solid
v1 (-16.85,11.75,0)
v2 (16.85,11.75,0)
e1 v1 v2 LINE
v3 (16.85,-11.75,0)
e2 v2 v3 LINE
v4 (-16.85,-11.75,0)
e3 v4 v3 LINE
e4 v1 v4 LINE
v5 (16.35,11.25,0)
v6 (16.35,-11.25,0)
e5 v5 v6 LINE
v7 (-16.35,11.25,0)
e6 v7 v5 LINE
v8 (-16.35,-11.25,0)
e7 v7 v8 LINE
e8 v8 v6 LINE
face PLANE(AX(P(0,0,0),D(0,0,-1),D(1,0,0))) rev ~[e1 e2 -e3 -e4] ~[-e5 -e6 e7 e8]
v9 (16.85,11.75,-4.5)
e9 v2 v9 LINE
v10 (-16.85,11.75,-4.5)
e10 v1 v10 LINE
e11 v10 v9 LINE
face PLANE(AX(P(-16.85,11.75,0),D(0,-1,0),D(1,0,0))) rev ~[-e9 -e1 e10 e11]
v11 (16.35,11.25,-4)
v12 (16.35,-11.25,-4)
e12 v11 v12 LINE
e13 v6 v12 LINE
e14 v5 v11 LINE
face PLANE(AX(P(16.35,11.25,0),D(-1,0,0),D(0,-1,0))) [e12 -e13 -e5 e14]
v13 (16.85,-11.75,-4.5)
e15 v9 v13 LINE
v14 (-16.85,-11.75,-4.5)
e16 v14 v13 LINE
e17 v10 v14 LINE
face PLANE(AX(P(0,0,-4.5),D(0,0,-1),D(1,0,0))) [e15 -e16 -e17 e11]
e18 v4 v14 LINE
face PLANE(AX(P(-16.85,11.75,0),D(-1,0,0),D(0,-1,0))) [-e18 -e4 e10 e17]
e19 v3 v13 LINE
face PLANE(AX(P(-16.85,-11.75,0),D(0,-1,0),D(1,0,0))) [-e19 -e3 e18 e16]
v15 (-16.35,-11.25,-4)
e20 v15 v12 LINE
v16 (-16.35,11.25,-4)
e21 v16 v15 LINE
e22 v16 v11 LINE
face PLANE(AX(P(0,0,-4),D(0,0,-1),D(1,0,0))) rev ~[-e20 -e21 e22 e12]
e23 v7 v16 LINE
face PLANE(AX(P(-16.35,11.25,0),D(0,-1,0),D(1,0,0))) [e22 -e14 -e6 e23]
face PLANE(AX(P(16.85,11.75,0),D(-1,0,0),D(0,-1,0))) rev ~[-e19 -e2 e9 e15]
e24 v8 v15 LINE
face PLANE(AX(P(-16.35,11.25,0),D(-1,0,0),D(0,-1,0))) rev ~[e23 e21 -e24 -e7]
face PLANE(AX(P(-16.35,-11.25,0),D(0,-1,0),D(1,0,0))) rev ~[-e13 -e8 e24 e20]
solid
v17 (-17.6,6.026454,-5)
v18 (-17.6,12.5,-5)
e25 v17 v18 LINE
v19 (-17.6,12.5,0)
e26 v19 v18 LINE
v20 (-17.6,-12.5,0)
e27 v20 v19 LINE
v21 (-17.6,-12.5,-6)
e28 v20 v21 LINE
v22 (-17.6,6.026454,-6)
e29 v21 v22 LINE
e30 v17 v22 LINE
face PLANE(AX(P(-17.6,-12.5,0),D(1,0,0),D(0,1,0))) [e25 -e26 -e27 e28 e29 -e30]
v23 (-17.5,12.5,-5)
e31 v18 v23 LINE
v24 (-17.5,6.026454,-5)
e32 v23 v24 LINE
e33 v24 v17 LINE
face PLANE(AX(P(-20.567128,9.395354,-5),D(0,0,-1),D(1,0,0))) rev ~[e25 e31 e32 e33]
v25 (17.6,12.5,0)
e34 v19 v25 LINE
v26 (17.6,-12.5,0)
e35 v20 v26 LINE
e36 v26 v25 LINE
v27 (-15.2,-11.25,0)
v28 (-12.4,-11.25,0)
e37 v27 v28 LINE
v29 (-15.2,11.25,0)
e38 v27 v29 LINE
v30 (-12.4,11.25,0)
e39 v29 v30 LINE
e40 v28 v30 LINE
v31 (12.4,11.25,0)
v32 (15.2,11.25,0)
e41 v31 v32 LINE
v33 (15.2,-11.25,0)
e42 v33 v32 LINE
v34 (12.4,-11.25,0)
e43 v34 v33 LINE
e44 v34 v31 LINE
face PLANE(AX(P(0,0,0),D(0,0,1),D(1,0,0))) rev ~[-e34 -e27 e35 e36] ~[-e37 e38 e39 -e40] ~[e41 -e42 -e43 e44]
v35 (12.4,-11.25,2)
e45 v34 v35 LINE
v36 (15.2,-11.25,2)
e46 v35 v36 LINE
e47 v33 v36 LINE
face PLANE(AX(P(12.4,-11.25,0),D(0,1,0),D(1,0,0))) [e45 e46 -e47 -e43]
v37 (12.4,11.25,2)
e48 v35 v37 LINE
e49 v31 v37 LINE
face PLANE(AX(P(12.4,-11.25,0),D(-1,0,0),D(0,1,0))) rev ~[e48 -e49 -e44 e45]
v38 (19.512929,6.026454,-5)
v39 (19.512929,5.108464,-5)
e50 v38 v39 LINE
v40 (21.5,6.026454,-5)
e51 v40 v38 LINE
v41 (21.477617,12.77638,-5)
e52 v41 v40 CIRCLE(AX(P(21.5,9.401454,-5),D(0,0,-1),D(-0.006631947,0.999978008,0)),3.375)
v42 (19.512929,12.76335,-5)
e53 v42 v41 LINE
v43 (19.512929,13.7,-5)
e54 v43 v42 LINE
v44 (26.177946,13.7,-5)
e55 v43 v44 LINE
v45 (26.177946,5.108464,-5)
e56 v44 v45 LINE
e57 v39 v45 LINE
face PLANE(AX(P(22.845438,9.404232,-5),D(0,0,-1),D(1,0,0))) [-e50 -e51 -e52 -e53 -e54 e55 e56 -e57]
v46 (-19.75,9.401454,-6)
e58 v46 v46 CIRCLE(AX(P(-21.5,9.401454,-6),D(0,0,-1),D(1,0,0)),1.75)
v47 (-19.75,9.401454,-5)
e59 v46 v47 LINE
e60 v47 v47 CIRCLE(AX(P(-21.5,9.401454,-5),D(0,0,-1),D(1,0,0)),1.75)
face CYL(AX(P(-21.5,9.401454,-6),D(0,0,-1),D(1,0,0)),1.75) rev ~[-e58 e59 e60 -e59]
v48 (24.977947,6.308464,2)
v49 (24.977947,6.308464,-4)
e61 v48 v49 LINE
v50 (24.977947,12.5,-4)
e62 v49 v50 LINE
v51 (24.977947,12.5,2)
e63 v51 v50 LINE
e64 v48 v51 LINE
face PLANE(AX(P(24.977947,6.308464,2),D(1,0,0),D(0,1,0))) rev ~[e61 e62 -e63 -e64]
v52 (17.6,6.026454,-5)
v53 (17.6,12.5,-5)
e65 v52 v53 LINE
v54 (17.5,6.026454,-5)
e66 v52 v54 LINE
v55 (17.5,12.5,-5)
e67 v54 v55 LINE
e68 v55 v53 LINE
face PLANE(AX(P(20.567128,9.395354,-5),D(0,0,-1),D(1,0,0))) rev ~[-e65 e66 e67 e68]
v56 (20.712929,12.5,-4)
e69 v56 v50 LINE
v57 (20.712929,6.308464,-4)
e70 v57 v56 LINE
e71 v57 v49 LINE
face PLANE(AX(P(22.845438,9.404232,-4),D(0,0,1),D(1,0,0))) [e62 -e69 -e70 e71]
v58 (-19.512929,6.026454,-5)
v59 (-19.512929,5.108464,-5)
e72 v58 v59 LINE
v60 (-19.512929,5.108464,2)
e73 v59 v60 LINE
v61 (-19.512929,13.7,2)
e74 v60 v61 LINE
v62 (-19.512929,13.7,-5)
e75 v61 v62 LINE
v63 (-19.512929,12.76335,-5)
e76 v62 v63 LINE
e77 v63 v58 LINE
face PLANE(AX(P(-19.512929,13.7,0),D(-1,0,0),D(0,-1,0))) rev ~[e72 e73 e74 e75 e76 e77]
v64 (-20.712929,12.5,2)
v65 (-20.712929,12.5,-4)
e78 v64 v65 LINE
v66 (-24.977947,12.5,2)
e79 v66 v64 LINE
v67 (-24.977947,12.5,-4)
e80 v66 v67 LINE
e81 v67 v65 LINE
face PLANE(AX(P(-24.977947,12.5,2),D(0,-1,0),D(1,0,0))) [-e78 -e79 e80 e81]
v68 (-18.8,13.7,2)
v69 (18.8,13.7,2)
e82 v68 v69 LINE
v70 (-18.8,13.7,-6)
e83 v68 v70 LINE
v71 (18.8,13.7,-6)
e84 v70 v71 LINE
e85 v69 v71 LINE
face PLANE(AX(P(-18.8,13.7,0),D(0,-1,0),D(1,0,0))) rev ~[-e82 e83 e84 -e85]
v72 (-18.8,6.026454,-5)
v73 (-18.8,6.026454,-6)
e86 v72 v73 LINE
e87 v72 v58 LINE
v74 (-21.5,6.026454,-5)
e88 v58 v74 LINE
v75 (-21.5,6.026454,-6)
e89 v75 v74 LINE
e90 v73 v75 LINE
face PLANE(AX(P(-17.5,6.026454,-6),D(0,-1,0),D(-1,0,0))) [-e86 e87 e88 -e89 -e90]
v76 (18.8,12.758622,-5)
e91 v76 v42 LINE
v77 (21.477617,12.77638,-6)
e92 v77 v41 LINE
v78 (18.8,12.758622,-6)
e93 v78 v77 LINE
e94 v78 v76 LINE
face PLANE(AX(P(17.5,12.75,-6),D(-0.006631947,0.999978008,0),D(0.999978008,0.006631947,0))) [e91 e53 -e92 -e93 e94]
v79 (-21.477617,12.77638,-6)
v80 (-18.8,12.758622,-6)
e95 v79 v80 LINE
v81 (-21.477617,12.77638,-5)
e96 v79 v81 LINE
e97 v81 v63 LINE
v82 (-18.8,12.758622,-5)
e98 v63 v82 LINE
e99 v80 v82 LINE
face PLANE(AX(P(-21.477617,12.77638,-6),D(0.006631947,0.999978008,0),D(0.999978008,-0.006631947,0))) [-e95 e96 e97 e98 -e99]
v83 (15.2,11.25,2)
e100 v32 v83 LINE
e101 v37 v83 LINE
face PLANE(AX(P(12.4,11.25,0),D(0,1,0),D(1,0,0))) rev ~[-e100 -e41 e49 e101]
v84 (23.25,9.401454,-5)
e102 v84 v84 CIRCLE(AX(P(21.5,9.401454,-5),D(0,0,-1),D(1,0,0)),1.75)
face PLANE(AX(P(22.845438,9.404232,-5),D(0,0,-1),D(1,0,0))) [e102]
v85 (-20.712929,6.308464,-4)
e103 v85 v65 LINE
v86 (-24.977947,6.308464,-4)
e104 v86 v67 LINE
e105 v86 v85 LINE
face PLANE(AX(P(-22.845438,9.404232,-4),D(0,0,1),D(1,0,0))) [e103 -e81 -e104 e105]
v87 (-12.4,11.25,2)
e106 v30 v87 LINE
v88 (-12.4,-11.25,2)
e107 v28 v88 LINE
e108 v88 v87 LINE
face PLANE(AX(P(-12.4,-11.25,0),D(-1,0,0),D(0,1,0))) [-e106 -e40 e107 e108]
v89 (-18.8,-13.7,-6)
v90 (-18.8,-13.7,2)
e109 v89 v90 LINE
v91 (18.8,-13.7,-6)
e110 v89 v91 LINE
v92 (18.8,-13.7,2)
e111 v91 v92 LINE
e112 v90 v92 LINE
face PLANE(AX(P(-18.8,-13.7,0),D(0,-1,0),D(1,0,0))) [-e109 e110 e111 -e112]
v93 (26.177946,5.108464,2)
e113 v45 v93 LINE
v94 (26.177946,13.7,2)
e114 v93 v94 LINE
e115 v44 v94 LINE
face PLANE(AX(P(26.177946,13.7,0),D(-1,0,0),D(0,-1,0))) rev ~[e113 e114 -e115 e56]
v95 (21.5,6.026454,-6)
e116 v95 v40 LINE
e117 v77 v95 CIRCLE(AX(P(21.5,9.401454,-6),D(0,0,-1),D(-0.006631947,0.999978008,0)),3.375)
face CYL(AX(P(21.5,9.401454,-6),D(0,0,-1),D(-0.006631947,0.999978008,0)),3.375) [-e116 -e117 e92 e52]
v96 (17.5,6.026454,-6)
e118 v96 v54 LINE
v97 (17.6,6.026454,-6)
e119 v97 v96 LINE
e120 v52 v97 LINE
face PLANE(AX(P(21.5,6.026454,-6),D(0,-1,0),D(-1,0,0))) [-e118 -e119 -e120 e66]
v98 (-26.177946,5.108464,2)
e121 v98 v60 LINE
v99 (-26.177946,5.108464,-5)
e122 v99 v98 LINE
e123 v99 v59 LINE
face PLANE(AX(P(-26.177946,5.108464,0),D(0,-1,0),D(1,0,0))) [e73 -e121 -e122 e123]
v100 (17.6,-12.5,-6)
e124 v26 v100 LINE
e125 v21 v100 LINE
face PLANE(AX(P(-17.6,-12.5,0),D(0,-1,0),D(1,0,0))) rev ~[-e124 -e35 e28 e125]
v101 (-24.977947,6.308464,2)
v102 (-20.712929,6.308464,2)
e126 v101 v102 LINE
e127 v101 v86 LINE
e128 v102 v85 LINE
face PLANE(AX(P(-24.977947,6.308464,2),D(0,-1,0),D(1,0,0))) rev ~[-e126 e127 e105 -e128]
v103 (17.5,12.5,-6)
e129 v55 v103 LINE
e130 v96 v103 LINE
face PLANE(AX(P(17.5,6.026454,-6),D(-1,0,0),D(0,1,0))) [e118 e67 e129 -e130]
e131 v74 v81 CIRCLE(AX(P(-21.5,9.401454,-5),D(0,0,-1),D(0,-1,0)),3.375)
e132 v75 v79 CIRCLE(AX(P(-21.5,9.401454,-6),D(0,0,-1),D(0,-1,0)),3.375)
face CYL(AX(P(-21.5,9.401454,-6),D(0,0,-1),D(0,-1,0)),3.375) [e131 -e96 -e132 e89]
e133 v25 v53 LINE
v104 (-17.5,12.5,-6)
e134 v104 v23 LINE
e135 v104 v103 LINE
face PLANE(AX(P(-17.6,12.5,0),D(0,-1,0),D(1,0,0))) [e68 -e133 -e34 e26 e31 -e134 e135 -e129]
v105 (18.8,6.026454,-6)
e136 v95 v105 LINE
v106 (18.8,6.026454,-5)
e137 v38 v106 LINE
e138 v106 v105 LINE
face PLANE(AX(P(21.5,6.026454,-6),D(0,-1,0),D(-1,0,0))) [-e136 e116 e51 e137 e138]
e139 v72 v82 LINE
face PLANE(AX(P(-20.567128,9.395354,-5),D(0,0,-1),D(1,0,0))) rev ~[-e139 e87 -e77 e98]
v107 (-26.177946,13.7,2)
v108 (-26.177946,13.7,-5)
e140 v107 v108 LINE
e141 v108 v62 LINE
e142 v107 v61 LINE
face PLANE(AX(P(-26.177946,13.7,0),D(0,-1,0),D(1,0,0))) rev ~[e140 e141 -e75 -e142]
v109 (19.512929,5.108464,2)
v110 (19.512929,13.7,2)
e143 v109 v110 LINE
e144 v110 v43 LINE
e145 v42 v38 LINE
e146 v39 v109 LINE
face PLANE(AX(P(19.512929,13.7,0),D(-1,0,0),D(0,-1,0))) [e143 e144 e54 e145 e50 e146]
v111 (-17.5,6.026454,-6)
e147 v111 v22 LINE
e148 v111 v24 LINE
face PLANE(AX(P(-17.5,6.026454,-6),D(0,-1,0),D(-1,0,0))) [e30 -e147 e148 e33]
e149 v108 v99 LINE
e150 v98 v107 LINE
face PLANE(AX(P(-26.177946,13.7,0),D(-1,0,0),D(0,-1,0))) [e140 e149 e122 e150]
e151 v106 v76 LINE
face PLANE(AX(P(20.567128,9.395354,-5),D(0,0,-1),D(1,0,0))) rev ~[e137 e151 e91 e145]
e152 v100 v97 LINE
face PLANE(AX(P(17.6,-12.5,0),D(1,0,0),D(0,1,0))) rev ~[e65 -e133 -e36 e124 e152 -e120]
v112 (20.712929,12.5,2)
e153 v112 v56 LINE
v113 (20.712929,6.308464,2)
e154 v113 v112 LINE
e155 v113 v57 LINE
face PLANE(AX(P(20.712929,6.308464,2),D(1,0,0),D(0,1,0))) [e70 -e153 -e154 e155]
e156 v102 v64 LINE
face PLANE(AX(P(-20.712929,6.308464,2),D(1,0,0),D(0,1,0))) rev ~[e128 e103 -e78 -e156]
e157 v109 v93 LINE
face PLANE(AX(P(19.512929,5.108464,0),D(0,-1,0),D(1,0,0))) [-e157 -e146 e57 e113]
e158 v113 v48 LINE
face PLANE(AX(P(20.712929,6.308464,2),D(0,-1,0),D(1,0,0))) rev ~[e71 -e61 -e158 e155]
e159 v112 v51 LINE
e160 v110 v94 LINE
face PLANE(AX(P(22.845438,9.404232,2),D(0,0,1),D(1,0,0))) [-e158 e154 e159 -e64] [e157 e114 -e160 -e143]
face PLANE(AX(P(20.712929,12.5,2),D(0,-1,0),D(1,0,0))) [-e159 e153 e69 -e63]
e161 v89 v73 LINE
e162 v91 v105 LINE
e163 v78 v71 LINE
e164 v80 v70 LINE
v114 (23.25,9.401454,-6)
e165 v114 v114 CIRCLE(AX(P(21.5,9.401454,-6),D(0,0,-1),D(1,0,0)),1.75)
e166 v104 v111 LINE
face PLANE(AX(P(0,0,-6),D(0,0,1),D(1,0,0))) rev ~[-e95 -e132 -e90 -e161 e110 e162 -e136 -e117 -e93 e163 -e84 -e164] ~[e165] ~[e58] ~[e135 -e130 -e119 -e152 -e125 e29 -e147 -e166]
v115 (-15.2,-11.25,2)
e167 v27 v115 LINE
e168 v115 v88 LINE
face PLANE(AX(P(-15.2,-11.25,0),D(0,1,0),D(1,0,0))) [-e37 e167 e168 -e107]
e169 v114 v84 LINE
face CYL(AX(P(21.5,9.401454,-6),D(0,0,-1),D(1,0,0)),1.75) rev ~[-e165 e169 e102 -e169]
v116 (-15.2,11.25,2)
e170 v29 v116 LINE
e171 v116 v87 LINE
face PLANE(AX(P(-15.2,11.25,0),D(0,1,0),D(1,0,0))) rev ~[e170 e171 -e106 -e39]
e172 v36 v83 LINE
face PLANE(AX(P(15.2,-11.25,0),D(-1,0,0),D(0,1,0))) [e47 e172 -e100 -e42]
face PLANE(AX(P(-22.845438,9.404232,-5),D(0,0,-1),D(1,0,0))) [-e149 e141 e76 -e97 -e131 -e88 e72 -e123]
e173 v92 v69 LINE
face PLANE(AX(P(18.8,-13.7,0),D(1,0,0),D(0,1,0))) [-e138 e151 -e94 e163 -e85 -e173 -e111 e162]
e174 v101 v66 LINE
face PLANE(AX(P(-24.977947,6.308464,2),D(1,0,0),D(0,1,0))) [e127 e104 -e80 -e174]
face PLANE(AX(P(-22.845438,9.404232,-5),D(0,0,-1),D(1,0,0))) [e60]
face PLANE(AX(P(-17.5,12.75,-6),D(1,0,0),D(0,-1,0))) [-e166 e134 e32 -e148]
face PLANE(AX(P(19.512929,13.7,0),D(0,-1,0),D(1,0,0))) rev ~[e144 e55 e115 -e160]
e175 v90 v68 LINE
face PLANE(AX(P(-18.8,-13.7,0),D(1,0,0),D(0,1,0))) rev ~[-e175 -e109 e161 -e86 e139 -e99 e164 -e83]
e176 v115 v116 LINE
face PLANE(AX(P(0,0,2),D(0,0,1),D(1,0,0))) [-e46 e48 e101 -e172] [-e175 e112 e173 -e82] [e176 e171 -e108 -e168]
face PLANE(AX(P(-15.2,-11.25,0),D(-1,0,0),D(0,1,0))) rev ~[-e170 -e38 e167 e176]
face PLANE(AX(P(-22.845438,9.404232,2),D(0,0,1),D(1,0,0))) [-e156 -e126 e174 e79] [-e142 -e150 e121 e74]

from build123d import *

# Parameters (mm, degrees)
F0_W           = 37.6000000209
F0_H           = 27.4000000209
F0_W_2         = 35.2
F0_H_2         = 25
F0_W_3         = 2.8
F0_H_3         = 22.5
F1_DEPTH       = 2
F0_W_4         = 6.6650174558
F0_H_4         = 8.5915359668
F2_DEPTH       = 6
F3_R           = 1.75
F4_DEPTH       = 1
F1_FACE_W      = 6.6650174558
F1_FACE_H      = 8.5915359668
F5_DEPTH       = 5
F6_W           = 4.2650178075
F6_H           = 6.1915363185
F7_DEPTH       = 6
F9_W           = 33.7
F9_H           = 23.5
F9_W_2         = 32.7
F9_H_2         = 22.5
F10_DEPTH      = 4.5
F11_DEPTH      = 4.5
F11_DEPTH_BACK = 4


with BuildPart() as f1:
    # F0 (on Top) → F1 (new body)
    with BuildSketch(Plane.XY):
        Rectangle(F0_W, F0_H)
        Rectangle(F0_W_2, F0_H_2, mode=Mode.SUBTRACT)
        Rectangle(F0_W_2, F0_H_2)
        with Locations((-13.8, 0)):
            Rectangle(F0_W_3, F0_H_3, mode=Mode.SUBTRACT)
        with Locations((13.8, 0)):
            Rectangle(F0_W_3, F0_H_3, mode=Mode.SUBTRACT)
    extrude(amount=F1_DEPTH)

    # F0 (on Top) → F2 (join)
    with BuildSketch(Plane.XY):
        Rectangle(F0_W, F0_H)
        Rectangle(F0_W_2, F0_H_2, mode=Mode.SUBTRACT)
    extrude(amount=-F2_DEPTH)

    # F3 (on face) → F4 (join)
    with BuildSketch(Plane(origin=(0, 0, -6), x_dir=(1, 0, 0), z_dir=(0, 0, -1))):
        with BuildLine():
            Line((-17.5, -12.75), (-17.5, -6.0264541484))
            Line((-17.5, -6.0264541484), (-21.5, -6.0264541484))
            ThreePointArc((-21.5, -6.0264541484), (-24.8749814445, -9.4126456206), (-21.4776171787, -12.7763799267))
            Line((-21.4776171787, -12.7763799267), (-17.5, -12.75))
        make_face()
        with Locations((-21.5, -9.4014541484)):
            Circle(F3_R, mode=Mode.SUBTRACT)
        with BuildLine():
            ThreePointArc((21.4776171787, -12.7763799267), (24.8749814445, -9.4126456206), (21.5, -6.0264541484))
            Line((21.5, -6.0264541484), (17.5, -6.0264541484))
            Line((17.5, -6.0264541484), (17.5, -12.75))
            Line((17.5, -12.75), (21.4776171787, -12.7763799267))
        make_face()
        with Locations((21.5, -9.4014541484)):
            Circle(F3_R, mode=Mode.SUBTRACT)
    extrude(amount=-F4_DEPTH)



with BuildPart() as f1b:
    # F0 (on Top) → F1, piece 2 (new body)
    with BuildSketch(Plane.XY):
        with Locations((-22.8454377502, 9.404232027)):
            Rectangle(F0_W_4, F0_H_4)
    extrude(amount=F1_DEPTH)


with BuildPart() as f1c:
    # F0 (on Top) → F1, piece 3 (new body)
    with BuildSketch(Plane.XY):
        with Locations((22.8454377502, 9.404232027)):
            Rectangle(F0_W_4, F0_H_4)
    extrude(amount=F1_DEPTH)


with BuildPart() as f1_1:
    add(f1.part)

    add(f1b.part)  # F5 merges F1b

    add(f1c.part)  # F5 merges F1c
    # F1_face (on face) → F5 (join)
    with BuildSketch(Plane(origin=(-22.8454377502, 9.404232027, 0), x_dir=(1, 0, 0), z_dir=(0, 0, -1))):
        Rectangle(F1_FACE_W, F1_FACE_H)
        with Locations((45.6908755004, 0)):
            Rectangle(F1_FACE_W, F1_FACE_H)
    extrude(amount=F5_DEPTH)

    # F6 (on face) → F7 (cut)
    with BuildSketch(Plane.XY.offset(2)):
        with Locations((-22.8454377502, 9.404232027)):
            Rectangle(F6_W, F6_H)
        with Locations((22.8454377502, 9.404232027)):
            Rectangle(F6_W, F6_H)
    extrude(amount=-F7_DEPTH, mode=Mode.SUBTRACT)


with BuildPart() as f10:
    # F9 (on offset) → F10 (new body)
    with BuildSketch(Plane(origin=(0, 0, 0), x_dir=(1, 0, 0), z_dir=(0, 0, -1))):
        Rectangle(F9_W, F9_H)
        Rectangle(F9_W_2, F9_H_2, mode=Mode.SUBTRACT)
        Rectangle(F9_W_2, F9_H_2)
    extrude(amount=F10_DEPTH)

    # F9 (on offset) → F11 (cut, two sides)
    with BuildSketch(Plane(origin=(0, 0, 0), x_dir=(1, 0, 0), z_dir=(0, 0, -1))) as f11_sk:
        Rectangle(F9_W_2, F9_H_2)
    extrude(amount=-F11_DEPTH, mode=Mode.SUBTRACT)
    extrude(f11_sk.sketch, amount=F11_DEPTH_BACK, mode=Mode.SUBTRACT)


solid = Compound([f1_1.part, f10.part])
